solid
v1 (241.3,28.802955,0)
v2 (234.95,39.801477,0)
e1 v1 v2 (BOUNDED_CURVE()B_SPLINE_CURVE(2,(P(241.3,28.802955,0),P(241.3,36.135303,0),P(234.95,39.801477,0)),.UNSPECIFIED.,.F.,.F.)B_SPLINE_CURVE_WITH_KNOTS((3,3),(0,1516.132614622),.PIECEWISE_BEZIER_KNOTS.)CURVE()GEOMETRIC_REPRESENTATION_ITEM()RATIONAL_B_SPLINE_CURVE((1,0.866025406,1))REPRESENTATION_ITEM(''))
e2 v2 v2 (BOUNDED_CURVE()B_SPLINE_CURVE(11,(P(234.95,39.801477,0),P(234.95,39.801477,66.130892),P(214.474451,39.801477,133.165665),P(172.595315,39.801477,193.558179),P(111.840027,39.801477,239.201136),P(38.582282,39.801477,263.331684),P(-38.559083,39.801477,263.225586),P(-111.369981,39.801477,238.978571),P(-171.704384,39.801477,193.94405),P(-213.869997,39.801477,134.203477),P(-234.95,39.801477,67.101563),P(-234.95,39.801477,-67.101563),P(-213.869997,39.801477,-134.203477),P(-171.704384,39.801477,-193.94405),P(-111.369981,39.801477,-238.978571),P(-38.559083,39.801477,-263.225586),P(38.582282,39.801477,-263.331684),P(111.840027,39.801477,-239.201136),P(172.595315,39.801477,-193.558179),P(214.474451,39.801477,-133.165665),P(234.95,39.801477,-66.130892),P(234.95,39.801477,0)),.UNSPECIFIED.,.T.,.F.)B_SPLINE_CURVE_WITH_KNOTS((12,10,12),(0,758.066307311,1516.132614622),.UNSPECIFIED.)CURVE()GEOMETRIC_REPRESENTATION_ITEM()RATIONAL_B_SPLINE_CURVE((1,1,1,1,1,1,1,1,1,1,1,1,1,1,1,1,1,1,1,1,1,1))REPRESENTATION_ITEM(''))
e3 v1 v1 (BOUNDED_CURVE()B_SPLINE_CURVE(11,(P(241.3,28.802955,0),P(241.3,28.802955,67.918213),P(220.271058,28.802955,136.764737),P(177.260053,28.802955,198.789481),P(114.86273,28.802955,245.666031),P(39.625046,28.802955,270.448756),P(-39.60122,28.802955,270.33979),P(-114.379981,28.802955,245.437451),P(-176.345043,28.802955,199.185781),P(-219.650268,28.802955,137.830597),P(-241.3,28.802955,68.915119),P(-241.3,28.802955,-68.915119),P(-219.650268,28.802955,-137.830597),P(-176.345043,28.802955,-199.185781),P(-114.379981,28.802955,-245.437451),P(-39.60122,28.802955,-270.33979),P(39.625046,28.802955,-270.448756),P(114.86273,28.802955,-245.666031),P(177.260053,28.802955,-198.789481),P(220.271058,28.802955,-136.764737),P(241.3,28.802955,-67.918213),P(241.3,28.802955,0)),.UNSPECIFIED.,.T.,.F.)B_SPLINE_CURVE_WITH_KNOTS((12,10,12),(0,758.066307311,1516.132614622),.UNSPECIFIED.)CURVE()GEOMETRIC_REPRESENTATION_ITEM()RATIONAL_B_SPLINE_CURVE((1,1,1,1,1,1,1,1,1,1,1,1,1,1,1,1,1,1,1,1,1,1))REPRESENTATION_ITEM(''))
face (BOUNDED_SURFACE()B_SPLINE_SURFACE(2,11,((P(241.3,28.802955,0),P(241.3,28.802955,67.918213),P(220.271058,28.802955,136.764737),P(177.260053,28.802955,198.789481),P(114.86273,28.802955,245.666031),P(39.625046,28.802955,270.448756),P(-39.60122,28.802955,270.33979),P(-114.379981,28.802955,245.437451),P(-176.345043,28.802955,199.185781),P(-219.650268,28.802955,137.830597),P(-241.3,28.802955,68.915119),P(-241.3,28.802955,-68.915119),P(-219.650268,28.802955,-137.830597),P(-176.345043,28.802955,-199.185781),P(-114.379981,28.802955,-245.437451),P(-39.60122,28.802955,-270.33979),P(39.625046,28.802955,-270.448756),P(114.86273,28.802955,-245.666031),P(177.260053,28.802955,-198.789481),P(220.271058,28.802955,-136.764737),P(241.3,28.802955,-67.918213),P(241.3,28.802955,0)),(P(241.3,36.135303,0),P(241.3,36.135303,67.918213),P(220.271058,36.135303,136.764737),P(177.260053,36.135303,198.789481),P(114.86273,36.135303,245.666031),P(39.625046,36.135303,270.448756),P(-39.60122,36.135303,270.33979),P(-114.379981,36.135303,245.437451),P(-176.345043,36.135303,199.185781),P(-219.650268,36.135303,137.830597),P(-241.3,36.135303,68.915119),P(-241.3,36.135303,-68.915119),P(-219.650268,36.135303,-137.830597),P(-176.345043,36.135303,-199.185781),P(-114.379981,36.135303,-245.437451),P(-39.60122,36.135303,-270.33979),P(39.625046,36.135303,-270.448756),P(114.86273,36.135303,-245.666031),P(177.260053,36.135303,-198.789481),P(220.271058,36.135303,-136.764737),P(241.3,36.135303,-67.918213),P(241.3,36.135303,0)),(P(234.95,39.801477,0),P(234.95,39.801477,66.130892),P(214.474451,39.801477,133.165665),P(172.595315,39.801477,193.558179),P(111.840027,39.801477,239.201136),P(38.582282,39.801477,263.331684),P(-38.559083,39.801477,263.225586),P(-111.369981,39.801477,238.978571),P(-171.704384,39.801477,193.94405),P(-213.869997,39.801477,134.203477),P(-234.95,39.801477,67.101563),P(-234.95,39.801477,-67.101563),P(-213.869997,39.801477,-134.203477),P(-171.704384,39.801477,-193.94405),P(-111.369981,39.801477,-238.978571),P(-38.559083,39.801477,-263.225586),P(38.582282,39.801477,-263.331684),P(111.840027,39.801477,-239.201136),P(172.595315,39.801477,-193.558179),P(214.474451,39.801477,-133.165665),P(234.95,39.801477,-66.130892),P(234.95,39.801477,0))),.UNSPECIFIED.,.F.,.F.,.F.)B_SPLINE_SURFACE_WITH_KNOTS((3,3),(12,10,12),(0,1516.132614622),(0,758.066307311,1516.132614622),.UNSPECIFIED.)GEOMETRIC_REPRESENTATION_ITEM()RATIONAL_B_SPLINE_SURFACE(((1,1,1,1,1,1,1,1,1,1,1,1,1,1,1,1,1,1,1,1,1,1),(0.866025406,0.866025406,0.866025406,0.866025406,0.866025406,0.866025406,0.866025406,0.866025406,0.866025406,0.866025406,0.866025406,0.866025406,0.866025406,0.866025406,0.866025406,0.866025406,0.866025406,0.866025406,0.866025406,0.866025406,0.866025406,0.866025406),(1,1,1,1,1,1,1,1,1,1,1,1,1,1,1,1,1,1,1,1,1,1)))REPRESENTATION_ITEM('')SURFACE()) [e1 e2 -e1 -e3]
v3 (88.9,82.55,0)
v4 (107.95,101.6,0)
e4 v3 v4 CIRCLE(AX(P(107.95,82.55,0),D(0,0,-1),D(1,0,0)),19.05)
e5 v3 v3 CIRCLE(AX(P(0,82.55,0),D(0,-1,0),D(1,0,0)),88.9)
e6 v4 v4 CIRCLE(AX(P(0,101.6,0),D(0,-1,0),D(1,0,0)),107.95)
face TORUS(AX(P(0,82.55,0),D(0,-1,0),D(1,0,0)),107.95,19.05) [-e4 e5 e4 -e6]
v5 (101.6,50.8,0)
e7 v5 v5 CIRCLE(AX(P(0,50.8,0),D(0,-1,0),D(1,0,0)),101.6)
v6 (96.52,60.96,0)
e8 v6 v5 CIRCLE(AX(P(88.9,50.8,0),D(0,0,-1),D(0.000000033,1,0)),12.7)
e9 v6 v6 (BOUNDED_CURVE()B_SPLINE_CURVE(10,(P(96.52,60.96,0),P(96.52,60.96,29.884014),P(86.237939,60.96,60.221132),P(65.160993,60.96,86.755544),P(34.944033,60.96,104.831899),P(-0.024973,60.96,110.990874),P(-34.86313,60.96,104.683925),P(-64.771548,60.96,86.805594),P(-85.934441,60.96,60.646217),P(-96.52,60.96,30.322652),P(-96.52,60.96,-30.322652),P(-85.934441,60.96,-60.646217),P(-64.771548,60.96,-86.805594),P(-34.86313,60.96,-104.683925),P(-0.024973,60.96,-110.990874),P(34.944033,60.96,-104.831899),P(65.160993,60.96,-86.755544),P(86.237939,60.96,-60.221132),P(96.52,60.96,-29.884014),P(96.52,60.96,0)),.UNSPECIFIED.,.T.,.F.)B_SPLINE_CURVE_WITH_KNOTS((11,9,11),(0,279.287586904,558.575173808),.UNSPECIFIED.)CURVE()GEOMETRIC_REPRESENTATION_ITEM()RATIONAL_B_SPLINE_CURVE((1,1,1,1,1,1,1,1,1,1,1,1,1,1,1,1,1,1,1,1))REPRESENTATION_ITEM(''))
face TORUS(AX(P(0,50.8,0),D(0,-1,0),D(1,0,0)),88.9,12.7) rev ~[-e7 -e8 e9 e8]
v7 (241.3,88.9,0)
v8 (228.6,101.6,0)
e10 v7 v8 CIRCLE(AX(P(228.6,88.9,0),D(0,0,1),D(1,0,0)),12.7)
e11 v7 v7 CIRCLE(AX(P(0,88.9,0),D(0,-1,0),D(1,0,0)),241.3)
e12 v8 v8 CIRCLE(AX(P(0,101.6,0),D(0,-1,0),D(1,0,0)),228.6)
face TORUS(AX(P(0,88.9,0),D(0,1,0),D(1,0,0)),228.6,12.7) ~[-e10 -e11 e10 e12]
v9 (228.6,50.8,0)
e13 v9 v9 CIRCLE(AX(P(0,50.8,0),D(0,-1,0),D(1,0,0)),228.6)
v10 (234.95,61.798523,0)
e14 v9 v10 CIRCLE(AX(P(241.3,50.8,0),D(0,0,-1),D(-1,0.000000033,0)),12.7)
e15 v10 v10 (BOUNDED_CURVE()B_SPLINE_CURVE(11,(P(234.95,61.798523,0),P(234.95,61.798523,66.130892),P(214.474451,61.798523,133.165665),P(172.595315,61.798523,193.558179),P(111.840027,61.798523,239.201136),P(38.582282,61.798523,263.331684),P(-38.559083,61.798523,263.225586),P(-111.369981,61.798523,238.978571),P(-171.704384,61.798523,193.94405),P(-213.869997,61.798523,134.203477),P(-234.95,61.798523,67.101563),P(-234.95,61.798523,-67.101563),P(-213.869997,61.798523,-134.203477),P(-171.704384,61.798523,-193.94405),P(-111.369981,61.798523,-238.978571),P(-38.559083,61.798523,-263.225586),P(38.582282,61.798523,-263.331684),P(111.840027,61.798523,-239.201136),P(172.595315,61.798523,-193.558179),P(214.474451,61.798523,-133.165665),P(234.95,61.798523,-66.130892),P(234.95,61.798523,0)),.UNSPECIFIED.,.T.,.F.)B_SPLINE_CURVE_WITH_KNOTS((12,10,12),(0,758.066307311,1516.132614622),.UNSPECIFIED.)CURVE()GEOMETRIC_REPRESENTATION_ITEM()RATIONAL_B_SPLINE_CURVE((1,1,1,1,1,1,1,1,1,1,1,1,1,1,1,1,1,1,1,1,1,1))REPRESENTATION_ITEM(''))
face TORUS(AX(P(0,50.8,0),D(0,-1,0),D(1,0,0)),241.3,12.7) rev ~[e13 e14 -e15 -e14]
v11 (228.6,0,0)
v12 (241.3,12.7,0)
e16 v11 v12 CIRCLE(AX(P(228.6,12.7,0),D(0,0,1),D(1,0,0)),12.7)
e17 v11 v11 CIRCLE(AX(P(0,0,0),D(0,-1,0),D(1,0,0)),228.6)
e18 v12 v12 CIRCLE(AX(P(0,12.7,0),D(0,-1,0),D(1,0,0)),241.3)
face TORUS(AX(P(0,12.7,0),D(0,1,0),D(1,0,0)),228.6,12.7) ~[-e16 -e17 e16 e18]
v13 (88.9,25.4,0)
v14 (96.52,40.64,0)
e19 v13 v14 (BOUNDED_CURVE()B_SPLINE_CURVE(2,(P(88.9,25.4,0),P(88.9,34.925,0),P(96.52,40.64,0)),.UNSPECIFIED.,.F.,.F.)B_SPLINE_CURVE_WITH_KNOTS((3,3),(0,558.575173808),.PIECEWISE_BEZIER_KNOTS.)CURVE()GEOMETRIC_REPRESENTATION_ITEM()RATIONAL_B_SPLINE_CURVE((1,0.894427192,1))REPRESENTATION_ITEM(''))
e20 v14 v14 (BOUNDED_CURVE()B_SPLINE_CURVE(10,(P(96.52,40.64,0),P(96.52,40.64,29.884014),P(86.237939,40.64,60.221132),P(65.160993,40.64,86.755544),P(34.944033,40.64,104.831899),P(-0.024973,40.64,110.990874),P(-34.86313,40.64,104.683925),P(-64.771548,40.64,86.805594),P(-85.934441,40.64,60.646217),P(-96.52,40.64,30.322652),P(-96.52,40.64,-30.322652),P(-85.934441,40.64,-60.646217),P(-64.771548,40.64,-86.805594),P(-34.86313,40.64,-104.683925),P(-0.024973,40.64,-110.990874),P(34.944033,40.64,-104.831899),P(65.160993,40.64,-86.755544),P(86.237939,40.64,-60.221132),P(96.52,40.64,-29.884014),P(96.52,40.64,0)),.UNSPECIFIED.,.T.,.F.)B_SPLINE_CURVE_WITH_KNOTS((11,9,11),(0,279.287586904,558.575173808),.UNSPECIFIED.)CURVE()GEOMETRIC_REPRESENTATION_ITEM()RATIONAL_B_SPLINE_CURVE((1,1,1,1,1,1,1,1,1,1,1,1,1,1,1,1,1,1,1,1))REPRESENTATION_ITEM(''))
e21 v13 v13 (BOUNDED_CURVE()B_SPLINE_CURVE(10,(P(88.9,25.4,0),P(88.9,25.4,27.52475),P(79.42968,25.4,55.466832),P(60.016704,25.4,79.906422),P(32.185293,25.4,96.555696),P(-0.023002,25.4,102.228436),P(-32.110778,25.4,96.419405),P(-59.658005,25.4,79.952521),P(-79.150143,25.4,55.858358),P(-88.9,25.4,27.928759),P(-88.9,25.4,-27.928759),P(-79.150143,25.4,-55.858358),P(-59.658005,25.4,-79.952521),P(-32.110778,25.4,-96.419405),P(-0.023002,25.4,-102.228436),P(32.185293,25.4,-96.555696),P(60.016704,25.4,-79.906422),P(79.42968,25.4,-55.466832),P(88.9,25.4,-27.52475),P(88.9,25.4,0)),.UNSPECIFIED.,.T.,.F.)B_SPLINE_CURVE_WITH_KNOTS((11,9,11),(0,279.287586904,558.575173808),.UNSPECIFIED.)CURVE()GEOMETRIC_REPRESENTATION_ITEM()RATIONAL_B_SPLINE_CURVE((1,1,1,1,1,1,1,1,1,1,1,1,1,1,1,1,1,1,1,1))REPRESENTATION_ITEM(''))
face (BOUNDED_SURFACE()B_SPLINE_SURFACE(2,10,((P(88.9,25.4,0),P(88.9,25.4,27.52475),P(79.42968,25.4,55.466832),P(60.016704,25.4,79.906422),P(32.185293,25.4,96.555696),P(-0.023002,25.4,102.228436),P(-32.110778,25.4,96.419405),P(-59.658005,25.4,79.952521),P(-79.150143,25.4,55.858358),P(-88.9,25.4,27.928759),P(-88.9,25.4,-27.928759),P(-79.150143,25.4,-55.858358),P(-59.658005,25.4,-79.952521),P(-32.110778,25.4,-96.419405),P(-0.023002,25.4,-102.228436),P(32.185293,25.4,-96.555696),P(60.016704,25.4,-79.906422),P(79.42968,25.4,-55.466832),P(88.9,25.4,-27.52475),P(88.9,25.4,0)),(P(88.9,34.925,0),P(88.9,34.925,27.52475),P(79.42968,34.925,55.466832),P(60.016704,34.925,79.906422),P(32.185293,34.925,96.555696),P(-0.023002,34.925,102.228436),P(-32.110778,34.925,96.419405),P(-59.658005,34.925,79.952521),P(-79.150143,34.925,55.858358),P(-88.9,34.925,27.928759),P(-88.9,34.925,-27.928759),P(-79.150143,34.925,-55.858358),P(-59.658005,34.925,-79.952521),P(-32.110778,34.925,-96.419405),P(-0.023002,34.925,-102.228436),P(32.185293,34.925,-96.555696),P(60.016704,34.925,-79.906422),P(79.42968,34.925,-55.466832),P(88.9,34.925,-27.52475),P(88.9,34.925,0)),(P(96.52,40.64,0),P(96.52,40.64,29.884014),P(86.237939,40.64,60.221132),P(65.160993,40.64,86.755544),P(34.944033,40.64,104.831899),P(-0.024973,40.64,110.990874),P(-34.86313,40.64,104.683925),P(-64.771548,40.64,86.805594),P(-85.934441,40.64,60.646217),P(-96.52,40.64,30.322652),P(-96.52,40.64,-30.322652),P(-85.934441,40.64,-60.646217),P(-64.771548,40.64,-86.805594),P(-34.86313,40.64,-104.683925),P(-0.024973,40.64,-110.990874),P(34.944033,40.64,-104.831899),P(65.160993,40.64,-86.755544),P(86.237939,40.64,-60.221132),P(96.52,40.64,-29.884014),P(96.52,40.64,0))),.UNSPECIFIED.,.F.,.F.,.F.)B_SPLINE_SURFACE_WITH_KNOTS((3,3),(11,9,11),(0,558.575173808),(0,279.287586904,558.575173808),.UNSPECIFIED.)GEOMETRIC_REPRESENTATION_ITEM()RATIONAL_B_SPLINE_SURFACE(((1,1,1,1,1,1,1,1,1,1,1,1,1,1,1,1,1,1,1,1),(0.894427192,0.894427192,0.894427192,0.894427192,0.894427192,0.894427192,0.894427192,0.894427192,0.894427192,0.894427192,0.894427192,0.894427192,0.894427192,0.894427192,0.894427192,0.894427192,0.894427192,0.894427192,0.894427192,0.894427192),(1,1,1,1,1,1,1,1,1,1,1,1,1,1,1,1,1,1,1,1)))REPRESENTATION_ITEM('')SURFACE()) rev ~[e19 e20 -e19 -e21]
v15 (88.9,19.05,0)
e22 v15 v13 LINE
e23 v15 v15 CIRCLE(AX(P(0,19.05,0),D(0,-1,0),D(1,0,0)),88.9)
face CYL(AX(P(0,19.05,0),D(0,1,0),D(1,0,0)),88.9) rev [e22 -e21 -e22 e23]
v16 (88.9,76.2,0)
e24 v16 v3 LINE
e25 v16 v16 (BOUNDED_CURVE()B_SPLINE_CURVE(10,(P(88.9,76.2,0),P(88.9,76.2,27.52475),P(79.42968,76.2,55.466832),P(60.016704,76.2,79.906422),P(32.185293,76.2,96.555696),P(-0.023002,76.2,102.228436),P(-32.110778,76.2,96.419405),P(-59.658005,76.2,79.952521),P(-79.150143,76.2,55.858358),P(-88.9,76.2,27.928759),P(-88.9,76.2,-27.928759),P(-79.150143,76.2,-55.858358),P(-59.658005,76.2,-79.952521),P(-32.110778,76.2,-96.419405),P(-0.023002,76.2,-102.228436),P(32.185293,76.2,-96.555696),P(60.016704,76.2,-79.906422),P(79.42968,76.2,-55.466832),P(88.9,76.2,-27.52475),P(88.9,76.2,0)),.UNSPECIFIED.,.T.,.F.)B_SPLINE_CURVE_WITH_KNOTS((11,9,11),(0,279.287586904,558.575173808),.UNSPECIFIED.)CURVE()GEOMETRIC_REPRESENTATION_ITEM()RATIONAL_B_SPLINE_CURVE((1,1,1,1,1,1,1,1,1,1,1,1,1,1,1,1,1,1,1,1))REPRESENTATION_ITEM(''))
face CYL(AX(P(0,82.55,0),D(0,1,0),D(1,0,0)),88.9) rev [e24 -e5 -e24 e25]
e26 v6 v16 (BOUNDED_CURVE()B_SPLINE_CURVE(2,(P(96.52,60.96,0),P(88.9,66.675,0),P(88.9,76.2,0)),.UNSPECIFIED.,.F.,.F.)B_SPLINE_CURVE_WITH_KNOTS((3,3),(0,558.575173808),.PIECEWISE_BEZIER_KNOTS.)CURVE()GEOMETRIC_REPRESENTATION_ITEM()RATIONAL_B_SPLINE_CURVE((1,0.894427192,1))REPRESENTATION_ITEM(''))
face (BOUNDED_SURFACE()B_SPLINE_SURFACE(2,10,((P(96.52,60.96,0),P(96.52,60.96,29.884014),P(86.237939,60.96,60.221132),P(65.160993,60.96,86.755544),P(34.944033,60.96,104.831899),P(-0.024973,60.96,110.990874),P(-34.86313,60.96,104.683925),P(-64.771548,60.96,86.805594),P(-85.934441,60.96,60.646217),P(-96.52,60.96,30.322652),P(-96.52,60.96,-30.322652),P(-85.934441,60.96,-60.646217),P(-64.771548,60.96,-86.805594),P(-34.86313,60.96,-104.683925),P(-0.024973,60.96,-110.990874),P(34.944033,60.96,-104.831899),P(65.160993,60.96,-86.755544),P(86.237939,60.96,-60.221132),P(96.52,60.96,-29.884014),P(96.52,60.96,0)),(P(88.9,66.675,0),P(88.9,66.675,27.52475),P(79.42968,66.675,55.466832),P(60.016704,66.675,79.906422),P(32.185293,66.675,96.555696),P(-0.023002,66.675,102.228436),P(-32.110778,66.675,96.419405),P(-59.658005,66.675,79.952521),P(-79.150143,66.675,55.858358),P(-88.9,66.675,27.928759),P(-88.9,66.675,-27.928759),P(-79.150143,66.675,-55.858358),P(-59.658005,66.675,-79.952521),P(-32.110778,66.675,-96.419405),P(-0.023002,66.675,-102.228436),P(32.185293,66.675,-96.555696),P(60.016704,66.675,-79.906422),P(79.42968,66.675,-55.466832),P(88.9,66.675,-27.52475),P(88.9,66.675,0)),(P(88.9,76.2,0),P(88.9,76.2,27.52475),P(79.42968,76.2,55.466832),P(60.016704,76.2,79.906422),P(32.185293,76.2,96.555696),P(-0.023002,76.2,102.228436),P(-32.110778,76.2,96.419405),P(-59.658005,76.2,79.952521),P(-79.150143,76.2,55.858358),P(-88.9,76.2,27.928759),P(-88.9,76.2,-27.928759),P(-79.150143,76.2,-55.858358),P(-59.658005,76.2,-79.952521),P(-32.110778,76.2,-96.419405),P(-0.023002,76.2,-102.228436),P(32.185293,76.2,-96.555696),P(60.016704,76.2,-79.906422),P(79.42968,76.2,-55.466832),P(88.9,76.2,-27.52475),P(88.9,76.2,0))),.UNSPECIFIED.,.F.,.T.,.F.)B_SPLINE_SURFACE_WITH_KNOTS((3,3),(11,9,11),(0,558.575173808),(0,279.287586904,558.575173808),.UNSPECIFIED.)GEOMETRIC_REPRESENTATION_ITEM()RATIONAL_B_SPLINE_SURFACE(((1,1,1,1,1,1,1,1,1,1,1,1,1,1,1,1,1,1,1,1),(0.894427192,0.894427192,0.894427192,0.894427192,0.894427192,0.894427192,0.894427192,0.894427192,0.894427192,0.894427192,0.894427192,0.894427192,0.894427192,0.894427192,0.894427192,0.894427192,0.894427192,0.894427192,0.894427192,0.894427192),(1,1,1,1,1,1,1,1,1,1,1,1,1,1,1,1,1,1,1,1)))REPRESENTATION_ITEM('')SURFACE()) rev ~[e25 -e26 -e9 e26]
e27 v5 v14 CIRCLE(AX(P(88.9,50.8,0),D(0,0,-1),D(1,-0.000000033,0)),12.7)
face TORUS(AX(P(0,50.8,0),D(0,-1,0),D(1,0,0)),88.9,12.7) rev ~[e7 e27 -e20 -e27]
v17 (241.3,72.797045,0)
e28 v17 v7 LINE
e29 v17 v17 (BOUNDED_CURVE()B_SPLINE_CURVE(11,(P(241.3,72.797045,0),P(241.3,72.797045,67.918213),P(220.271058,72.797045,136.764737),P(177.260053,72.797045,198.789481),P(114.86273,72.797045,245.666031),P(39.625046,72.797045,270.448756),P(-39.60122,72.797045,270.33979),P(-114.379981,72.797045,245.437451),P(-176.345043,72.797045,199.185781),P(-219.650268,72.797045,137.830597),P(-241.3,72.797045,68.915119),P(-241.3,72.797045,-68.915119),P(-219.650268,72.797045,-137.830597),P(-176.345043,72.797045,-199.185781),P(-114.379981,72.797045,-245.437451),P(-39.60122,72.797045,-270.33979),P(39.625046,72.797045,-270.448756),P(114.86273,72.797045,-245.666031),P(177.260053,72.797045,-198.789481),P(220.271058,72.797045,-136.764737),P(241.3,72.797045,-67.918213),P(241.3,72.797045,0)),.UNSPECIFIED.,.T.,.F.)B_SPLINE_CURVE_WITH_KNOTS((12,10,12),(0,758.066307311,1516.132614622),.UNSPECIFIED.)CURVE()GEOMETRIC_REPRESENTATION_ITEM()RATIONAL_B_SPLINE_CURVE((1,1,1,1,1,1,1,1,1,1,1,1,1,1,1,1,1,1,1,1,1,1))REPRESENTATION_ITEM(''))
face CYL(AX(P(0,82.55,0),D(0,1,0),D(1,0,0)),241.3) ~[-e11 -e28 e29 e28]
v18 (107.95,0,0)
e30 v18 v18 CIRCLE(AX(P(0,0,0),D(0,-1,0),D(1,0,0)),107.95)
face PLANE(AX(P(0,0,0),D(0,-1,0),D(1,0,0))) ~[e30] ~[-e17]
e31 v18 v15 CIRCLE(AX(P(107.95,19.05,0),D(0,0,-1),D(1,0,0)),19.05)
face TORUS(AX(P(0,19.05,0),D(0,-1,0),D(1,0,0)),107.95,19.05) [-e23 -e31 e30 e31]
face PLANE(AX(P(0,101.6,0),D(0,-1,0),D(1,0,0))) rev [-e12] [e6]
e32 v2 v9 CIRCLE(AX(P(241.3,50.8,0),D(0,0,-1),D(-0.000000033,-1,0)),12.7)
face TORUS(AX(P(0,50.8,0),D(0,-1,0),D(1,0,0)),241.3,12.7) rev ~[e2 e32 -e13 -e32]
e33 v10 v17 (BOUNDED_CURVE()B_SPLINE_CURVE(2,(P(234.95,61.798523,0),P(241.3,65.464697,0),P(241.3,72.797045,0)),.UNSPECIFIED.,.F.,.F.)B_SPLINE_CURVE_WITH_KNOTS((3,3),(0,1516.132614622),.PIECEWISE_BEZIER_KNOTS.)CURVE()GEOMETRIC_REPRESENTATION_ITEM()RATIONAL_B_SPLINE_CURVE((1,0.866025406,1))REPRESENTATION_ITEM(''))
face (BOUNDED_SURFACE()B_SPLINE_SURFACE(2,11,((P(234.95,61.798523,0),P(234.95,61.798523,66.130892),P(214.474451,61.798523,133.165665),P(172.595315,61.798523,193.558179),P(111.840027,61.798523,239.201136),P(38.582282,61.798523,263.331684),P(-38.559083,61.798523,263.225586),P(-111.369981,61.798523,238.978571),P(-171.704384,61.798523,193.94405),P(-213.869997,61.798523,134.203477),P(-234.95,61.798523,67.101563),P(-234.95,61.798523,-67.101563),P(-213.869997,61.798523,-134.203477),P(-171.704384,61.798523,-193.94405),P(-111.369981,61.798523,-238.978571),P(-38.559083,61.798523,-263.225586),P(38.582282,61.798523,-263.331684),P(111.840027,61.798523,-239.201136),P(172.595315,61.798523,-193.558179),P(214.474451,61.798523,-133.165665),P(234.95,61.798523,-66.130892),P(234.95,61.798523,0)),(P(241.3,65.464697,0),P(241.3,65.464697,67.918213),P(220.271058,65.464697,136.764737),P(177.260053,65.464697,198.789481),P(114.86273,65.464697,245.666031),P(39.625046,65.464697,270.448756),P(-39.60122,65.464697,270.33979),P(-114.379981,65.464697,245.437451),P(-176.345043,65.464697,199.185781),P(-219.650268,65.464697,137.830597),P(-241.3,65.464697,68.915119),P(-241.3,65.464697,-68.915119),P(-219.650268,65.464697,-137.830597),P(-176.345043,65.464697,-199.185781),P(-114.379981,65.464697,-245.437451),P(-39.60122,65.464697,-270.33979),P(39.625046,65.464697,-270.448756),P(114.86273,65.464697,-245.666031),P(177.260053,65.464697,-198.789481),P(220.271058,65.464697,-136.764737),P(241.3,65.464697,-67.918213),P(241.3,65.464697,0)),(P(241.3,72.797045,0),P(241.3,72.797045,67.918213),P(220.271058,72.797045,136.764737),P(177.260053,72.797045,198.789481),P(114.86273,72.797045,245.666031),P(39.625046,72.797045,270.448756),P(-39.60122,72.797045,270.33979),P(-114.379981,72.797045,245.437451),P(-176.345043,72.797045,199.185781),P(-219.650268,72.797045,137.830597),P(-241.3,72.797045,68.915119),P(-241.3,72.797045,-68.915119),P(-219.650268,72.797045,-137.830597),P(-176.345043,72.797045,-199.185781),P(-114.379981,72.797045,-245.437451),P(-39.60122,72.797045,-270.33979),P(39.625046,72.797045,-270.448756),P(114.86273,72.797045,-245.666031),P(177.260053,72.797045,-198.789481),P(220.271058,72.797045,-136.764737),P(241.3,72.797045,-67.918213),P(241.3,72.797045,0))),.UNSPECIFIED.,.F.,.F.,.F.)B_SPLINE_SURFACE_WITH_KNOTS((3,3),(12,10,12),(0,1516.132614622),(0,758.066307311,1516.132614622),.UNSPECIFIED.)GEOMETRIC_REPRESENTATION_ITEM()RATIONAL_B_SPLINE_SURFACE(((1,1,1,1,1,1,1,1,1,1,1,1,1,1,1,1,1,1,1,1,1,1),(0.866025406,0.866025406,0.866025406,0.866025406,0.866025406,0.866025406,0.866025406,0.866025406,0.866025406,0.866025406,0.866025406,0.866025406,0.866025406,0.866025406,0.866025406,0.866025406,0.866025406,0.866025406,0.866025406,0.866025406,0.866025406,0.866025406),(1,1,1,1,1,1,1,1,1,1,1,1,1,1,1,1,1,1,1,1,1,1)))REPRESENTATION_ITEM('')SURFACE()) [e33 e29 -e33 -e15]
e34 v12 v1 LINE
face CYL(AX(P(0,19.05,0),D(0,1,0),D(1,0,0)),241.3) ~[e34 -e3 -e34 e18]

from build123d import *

# Parameters (mm, degrees)
F0_W = 152.4
F0_H = 38.1
F2_R = 12.7
F3_R = 19.05


with BuildPart() as f1:
    # F0 (on Top) → F1 (revolve)
    with BuildSketch(Plane.XY):
        with Locations((165.1, 19.05)):
            Rectangle(F0_W, F0_H)
        with BuildLine():
            ThreePointArc((101.6, 50.8), (97.880256, 41.819744), (88.9, 38.1))
            Line((88.9, 38.1), (241.3, 38.1))
            ThreePointArc((241.3, 38.1), (232.319744, 41.819744), (228.6, 50.8))
            Line((228.6, 50.8), (101.6, 50.8))
        make_face()
        with BuildLine():
            ThreePointArc((88.9, 63.5), (97.880256, 59.780256), (101.6, 50.8))
            Line((101.6, 50.8), (228.6, 50.8))
            ThreePointArc((228.6, 50.8), (232.319744, 59.780256), (241.3, 63.5))
            Line((241.3, 63.5), (88.9, 63.5))
        make_face()
        with Locations((165.1, 82.55)):
            Rectangle(F0_W, F0_H)
    revolve(axis=Axis((0, 53.784903, 0), (0, -1, 0)))

    # F2
    f2_edges = [f1.edges().sort_by_distance(p)[0] for p in [
        (-241.3, 63.5, 0),
        (-241.3, 101.6, 0),
        (-241.3, 38.1, 0),
        (-241.3, 0, 0),
    ]]
    fillet(f2_edges, radius=F2_R)

    # F3
    f3_edges = [f1.edges().sort_by_distance(p)[0] for p in [
        (-88.9, 101.6, 0),
        (-88.9, 63.5, 0),
        (-88.9, 38.1, 0),
        (-88.9, 0, 0),
    ]]
    fillet(f3_edges, radius=F3_R)


solid = f1.part
